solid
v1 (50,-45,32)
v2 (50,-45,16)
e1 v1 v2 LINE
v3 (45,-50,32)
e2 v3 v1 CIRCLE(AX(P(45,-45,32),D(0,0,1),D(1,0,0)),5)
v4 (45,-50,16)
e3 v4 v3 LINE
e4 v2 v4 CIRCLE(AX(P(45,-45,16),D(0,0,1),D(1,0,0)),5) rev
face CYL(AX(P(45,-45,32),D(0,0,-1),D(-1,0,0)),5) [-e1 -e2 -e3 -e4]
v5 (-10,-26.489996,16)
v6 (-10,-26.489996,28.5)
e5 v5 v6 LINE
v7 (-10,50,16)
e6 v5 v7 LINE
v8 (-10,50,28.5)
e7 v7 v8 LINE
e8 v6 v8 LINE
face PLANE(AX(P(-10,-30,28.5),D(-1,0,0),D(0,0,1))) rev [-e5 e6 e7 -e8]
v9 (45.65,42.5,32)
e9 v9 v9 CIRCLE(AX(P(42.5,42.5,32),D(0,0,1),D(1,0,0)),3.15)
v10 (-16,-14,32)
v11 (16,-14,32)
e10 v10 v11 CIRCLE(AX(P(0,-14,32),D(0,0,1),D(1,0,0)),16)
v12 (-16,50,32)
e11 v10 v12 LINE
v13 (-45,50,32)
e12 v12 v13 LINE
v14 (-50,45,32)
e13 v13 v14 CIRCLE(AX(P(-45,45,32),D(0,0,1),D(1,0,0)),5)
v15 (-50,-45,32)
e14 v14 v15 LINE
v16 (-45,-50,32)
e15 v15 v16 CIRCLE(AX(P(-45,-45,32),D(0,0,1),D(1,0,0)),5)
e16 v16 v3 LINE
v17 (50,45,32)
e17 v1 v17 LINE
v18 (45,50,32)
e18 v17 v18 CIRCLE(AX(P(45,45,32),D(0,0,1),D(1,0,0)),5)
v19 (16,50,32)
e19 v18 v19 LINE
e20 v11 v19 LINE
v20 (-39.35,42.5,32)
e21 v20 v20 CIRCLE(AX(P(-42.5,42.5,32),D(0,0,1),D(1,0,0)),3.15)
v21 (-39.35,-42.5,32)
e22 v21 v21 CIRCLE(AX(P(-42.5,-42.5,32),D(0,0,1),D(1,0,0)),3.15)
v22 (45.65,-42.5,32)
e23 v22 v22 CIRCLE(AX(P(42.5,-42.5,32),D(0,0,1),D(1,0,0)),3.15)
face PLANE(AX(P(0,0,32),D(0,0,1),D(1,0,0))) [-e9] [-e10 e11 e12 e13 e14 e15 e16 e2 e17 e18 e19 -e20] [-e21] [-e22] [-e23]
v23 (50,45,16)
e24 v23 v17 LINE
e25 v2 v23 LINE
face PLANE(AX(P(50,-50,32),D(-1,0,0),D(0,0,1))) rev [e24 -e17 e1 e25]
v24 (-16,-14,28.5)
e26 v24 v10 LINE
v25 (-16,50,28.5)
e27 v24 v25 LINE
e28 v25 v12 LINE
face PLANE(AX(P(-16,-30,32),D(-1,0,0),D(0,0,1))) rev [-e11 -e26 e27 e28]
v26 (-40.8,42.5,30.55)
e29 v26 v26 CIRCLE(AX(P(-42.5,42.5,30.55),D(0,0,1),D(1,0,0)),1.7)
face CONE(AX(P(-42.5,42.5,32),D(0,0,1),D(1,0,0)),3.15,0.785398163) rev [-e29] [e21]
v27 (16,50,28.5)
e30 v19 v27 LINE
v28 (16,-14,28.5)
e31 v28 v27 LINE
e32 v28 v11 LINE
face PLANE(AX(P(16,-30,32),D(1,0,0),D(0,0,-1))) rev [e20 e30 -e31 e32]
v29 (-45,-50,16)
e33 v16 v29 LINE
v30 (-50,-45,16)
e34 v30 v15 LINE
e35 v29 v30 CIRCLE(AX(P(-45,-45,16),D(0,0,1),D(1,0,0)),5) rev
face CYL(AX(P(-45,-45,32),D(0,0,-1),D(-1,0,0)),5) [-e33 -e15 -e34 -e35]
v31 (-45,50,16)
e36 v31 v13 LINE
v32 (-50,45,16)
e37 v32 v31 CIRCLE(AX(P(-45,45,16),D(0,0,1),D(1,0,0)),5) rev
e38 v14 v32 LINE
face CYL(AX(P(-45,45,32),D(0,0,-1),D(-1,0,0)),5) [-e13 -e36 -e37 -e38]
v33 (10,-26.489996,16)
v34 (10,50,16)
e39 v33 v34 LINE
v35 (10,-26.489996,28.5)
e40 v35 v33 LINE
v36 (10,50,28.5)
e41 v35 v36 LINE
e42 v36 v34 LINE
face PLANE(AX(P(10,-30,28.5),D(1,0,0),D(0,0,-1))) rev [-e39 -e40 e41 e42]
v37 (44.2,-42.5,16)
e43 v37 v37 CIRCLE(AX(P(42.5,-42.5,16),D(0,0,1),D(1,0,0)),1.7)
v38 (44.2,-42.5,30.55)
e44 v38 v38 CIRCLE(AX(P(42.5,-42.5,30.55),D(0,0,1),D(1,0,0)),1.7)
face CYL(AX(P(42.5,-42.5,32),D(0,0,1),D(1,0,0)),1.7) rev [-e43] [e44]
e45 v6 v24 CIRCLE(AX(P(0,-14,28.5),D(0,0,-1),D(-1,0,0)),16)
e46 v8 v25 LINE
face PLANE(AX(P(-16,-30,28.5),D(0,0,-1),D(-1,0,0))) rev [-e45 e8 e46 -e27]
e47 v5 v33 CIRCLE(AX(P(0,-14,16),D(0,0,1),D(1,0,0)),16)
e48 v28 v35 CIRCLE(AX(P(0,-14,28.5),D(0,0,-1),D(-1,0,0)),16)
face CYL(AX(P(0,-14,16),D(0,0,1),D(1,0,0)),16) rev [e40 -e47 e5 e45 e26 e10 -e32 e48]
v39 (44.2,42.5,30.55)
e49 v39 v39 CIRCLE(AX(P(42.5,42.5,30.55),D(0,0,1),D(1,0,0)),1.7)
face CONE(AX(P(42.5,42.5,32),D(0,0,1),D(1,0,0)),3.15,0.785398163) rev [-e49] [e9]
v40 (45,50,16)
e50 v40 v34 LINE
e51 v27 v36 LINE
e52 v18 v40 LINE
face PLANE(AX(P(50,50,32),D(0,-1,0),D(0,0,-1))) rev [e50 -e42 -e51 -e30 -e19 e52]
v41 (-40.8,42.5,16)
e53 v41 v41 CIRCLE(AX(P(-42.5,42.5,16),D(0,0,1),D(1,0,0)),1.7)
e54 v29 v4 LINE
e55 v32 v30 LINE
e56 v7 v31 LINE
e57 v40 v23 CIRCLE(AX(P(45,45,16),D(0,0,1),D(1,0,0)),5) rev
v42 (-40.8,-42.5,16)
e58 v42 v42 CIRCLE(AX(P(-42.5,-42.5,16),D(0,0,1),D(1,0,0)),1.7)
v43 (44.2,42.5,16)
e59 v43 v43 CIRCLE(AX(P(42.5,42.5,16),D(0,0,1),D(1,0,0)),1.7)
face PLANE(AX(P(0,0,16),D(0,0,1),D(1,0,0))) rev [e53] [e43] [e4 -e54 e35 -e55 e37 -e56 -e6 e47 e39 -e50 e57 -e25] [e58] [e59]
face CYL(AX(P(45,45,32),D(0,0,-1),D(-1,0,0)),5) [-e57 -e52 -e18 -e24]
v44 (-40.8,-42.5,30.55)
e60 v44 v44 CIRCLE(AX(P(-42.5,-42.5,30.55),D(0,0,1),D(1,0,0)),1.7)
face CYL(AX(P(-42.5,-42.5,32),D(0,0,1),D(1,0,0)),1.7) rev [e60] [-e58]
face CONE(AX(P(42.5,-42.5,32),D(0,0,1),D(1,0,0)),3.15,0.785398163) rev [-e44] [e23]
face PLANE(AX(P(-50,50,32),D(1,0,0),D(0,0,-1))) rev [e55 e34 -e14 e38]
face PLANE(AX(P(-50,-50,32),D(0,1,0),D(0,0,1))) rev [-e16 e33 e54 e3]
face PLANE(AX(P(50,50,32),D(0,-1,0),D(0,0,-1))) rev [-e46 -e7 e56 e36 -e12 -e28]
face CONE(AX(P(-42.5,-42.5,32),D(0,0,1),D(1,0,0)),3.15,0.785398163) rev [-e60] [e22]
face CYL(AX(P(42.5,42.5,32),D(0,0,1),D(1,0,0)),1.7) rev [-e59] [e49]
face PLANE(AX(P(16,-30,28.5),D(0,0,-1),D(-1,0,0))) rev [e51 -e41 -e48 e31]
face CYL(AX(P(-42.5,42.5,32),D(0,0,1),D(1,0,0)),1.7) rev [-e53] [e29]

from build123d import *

# Parameters (mm, degrees)
SKETCH1_W                                    = 100
SKETCH1_H                                    = 100
BOSS_EXTRUDE1_DEPTH                          = 16
SKETCH2_W                                    = 100
SKETCH2_H                                    = 100
BOSS_EXTRUDE2_DEPTH                          = 16
CUT_EXTRUDE1_DEPTH                           = 80
BOSS_EXTRUDE3_DEPTH                          = 16
BOSS_EXTRUDE4_REACH                          = 75.763
CSK_FOR_M3_COUNTERSUNK_FLAT_HEAD_SCR_2_COUNT = 2
CSK_FOR_M3_COUNTERSUNK_FLAT_HEAD_SCR_2_PITCH = 85
CSK_FOR_M3_COUNTERSUNK_FLAT_HEAD_SCR_3_COUNT = 2
CSK_FOR_M3_COUNTERSUNK_FLAT_HEAD_SCR_3_PITCH = 120.208152802
CSK_FOR_M3_COUNTERSUNK_FLAT_HEAD_SCR_4_COUNT = 2
CSK_FOR_M3_COUNTERSUNK_FLAT_HEAD_SCR_4_PITCH = 85
FILLET1_R                                    = 5
FILLET2_R                                    = 5


with BuildPart() as part:
    # Sketch1 → Boss-Extrude1 (new body)
    with BuildSketch(Plane.XY):
        Rectangle(SKETCH1_W, SKETCH1_H)
    extrude(amount=BOSS_EXTRUDE1_DEPTH)


with BuildPart() as body_2:
    # Sketch2 → Boss-Extrude2 (new body)
    with BuildSketch(Plane.XY.offset(16)):
        Rectangle(SKETCH2_W, SKETCH2_H)
    extrude(amount=BOSS_EXTRUDE2_DEPTH)


with BuildPart() as cut_extrude1_tool:
    # Sketch3 → Cut-Extrude1 (new body)
    with BuildSketch(Plane(origin=(0, 50, 0), x_dir=(1, 0, 0), z_dir=(0, 1, 0))):
        Polygon((-16, -32), (-16, -28.5), (-10, -28.5), (-10, -16), (-16, -16), (-16, -11), (16, -11), (16, -16), (10, -16), (10, -28.5), (16, -28.5), (16, -32), align=None)
    extrude(amount=-CUT_EXTRUDE1_DEPTH)


with BuildPart() as part_1:
    add(part.part)

    # Cut-Extrude1: cut by cut_extrude1_tool
    add(cut_extrude1_tool.part, mode=Mode.SUBTRACT)



with BuildPart() as body_2_1:
    add(body_2.part)

    # Cut-Extrude1: cut by cut_extrude1_tool
    add(cut_extrude1_tool.part, mode=Mode.SUBTRACT)

    # Sketch4 → Boss-Extrude3 (add)
    with BuildSketch(Plane.XY.offset(32)):
        with BuildLine():
            Line((-16, -14), (-16, -30))
            Line((-16, -30), (0, -30))
            ThreePointArc((0, -30), (-11.313708499, -25.313708499), (-16, -14))
        make_face()
        with BuildLine():
            ThreePointArc((16, -14), (11.313708499, -25.313708499), (0, -30))
            Line((0, -30), (16, -30))
            Line((16, -30), (16, -14))
        make_face()
    extrude(amount=-BOSS_EXTRUDE3_DEPTH)


with BuildPart() as part_2:
    add(part_1.part)

    # Sketch5 → Boss-Extrude4 (add, up to next)
    with BuildSketch(Plane.XY.offset(11), mode=Mode.PRIVATE) as boss_extrude4_sk1:
        with BuildLine():
            Line((16, -30), (16, -14))
            ThreePointArc((16, -14), (11.313708487, -25.313708511), (-3.4e-08, -30))
            Line((-3.4e-08, -30), (16, -30))
        make_face()
    boss_extrude4_tool1 = extrude(boss_extrude4_sk1.sketch, amount=BOSS_EXTRUDE4_REACH, mode=Mode.PRIVATE) - body_2_1.part
    # Sketch5 → Boss-Extrude4 (add, up to next)
    with BuildSketch(Plane.XY.offset(11), mode=Mode.PRIVATE) as boss_extrude4_sk2:
        with BuildLine():
            ThreePointArc((-3.4e-08, -30), (-11.313708511, -25.313708487), (-16, -14))
            Line((-16, -14), (-16, -30))
            Line((-16, -30), (-3.4e-08, -30))
        make_face()
    boss_extrude4_tool2 = extrude(boss_extrude4_sk2.sketch, amount=BOSS_EXTRUDE4_REACH, mode=Mode.PRIVATE) - body_2_1.part
    add(boss_extrude4_tool1.solids().sort_by_distance((12.426113, -26.426113, 11))[0])
    add(boss_extrude4_tool2.solids().sort_by_distance((-12.426113, -26.426113, 11))[0])


with BuildPart() as csk_for_m3_countersunk_flat_head_screw1_tool:
    # Sketch7 → CSK for M3 Countersunk Flat Head Screw1 (revolve)
    with BuildSketch(Plane(origin=(-42.5, 42.5, 32), x_dir=(0, -1, 0), z_dir=(1, 0, 0))):
        Polygon((0, 0), (0, 32), (1.7, 32), (1.7, 1.45), (3.15, 0), align=None)
    csk_for_m3_countersunk_flat_head_screw1 = revolve(axis=Axis((-42.5, 42.5, 38.35), (0, 0, -1)))


with BuildPart() as part_3:
    add(part_2.part)

    # CSK for M3 Countersunk Flat Head Screw1: cut by csk_for_m3_countersunk_flat_head_screw1_tool
    add(csk_for_m3_countersunk_flat_head_screw1_tool.part, mode=Mode.SUBTRACT)


with BuildPart() as body_2_2:
    add(body_2_1.part)

    # CSK for M3 Countersunk Flat Head Screw1: cut by csk_for_m3_countersunk_flat_head_screw1_tool
    add(csk_for_m3_countersunk_flat_head_screw1_tool.part, mode=Mode.SUBTRACT)


with BuildPart() as csk_for_m3_countersunk_flat_head_scr_2_tool:
    # CSK for M3 Countersunk Flat Head Scr 2: CSK for M3 Countersunk Flat Head Screw1 ×2
    with Locations(*[(i * CSK_FOR_M3_COUNTERSUNK_FLAT_HEAD_SCR_2_PITCH, 0, 0) for i in range(1, CSK_FOR_M3_COUNTERSUNK_FLAT_HEAD_SCR_2_COUNT)]):
        add(csk_for_m3_countersunk_flat_head_screw1)


with BuildPart() as part_4:
    add(part_3.part)

    # CSK for M3 Countersunk Flat Head Scr 2: cut by csk_for_m3_countersunk_flat_head_scr_2_tool
    add(csk_for_m3_countersunk_flat_head_scr_2_tool.part, mode=Mode.SUBTRACT)


with BuildPart() as body_2_3:
    add(body_2_2.part)

    # CSK for M3 Countersunk Flat Head Scr 2: cut by csk_for_m3_countersunk_flat_head_scr_2_tool
    add(csk_for_m3_countersunk_flat_head_scr_2_tool.part, mode=Mode.SUBTRACT)


with BuildPart() as csk_for_m3_countersunk_flat_head_scr_3_tool:
    # CSK for M3 Countersunk Flat Head Scr 3: CSK for M3 Countersunk Flat Head Screw1 ×2
    with Locations(*[Vector(0.7071067811865476, -0.7071067811865476, 0) * (i * CSK_FOR_M3_COUNTERSUNK_FLAT_HEAD_SCR_3_PITCH) for i in range(1, CSK_FOR_M3_COUNTERSUNK_FLAT_HEAD_SCR_3_COUNT)]):
        add(csk_for_m3_countersunk_flat_head_screw1)


with BuildPart() as part_5:
    add(part_4.part)

    # CSK for M3 Countersunk Flat Head Scr 3: cut by csk_for_m3_countersunk_flat_head_scr_3_tool
    add(csk_for_m3_countersunk_flat_head_scr_3_tool.part, mode=Mode.SUBTRACT)


with BuildPart() as body_2_4:
    add(body_2_3.part)

    # CSK for M3 Countersunk Flat Head Scr 3: cut by csk_for_m3_countersunk_flat_head_scr_3_tool
    add(csk_for_m3_countersunk_flat_head_scr_3_tool.part, mode=Mode.SUBTRACT)


with BuildPart() as csk_for_m3_countersunk_flat_head_scr_4_tool:
    # CSK for M3 Countersunk Flat Head Scr 4: CSK for M3 Countersunk Flat Head Screw1 ×2
    with Locations(*[(0, -i * CSK_FOR_M3_COUNTERSUNK_FLAT_HEAD_SCR_4_PITCH, 0) for i in range(1, CSK_FOR_M3_COUNTERSUNK_FLAT_HEAD_SCR_4_COUNT)]):
        add(csk_for_m3_countersunk_flat_head_screw1)


with BuildPart() as part_6:
    add(part_5.part)

    # CSK for M3 Countersunk Flat Head Scr 4: cut by csk_for_m3_countersunk_flat_head_scr_4_tool
    add(csk_for_m3_countersunk_flat_head_scr_4_tool.part, mode=Mode.SUBTRACT)

    # Fillet2
    fillet2_edges = [part_6.edges().sort_by_distance(p)[0] for p in [
        (-50, -50, 8),
        (-50, 50, 8),
        (50, 50, 8),
        (50, -50, 8),
    ]]
    fillet(fillet2_edges, radius=FILLET2_R)


with BuildPart() as body_2_5:
    add(body_2_4.part)

    # CSK for M3 Countersunk Flat Head Scr 4: cut by csk_for_m3_countersunk_flat_head_scr_4_tool
    add(csk_for_m3_countersunk_flat_head_scr_4_tool.part, mode=Mode.SUBTRACT)

    # Fillet1
    fillet1_edges = [body_2_5.edges().sort_by_distance(p)[0] for p in [
        (-50, 50, 24),
        (50, 50, 24),
        (50, -50, 24),
        (-50, -50, 24),
    ]]
    fillet(fillet1_edges, radius=FILLET1_R)


solid = body_2_5.part
